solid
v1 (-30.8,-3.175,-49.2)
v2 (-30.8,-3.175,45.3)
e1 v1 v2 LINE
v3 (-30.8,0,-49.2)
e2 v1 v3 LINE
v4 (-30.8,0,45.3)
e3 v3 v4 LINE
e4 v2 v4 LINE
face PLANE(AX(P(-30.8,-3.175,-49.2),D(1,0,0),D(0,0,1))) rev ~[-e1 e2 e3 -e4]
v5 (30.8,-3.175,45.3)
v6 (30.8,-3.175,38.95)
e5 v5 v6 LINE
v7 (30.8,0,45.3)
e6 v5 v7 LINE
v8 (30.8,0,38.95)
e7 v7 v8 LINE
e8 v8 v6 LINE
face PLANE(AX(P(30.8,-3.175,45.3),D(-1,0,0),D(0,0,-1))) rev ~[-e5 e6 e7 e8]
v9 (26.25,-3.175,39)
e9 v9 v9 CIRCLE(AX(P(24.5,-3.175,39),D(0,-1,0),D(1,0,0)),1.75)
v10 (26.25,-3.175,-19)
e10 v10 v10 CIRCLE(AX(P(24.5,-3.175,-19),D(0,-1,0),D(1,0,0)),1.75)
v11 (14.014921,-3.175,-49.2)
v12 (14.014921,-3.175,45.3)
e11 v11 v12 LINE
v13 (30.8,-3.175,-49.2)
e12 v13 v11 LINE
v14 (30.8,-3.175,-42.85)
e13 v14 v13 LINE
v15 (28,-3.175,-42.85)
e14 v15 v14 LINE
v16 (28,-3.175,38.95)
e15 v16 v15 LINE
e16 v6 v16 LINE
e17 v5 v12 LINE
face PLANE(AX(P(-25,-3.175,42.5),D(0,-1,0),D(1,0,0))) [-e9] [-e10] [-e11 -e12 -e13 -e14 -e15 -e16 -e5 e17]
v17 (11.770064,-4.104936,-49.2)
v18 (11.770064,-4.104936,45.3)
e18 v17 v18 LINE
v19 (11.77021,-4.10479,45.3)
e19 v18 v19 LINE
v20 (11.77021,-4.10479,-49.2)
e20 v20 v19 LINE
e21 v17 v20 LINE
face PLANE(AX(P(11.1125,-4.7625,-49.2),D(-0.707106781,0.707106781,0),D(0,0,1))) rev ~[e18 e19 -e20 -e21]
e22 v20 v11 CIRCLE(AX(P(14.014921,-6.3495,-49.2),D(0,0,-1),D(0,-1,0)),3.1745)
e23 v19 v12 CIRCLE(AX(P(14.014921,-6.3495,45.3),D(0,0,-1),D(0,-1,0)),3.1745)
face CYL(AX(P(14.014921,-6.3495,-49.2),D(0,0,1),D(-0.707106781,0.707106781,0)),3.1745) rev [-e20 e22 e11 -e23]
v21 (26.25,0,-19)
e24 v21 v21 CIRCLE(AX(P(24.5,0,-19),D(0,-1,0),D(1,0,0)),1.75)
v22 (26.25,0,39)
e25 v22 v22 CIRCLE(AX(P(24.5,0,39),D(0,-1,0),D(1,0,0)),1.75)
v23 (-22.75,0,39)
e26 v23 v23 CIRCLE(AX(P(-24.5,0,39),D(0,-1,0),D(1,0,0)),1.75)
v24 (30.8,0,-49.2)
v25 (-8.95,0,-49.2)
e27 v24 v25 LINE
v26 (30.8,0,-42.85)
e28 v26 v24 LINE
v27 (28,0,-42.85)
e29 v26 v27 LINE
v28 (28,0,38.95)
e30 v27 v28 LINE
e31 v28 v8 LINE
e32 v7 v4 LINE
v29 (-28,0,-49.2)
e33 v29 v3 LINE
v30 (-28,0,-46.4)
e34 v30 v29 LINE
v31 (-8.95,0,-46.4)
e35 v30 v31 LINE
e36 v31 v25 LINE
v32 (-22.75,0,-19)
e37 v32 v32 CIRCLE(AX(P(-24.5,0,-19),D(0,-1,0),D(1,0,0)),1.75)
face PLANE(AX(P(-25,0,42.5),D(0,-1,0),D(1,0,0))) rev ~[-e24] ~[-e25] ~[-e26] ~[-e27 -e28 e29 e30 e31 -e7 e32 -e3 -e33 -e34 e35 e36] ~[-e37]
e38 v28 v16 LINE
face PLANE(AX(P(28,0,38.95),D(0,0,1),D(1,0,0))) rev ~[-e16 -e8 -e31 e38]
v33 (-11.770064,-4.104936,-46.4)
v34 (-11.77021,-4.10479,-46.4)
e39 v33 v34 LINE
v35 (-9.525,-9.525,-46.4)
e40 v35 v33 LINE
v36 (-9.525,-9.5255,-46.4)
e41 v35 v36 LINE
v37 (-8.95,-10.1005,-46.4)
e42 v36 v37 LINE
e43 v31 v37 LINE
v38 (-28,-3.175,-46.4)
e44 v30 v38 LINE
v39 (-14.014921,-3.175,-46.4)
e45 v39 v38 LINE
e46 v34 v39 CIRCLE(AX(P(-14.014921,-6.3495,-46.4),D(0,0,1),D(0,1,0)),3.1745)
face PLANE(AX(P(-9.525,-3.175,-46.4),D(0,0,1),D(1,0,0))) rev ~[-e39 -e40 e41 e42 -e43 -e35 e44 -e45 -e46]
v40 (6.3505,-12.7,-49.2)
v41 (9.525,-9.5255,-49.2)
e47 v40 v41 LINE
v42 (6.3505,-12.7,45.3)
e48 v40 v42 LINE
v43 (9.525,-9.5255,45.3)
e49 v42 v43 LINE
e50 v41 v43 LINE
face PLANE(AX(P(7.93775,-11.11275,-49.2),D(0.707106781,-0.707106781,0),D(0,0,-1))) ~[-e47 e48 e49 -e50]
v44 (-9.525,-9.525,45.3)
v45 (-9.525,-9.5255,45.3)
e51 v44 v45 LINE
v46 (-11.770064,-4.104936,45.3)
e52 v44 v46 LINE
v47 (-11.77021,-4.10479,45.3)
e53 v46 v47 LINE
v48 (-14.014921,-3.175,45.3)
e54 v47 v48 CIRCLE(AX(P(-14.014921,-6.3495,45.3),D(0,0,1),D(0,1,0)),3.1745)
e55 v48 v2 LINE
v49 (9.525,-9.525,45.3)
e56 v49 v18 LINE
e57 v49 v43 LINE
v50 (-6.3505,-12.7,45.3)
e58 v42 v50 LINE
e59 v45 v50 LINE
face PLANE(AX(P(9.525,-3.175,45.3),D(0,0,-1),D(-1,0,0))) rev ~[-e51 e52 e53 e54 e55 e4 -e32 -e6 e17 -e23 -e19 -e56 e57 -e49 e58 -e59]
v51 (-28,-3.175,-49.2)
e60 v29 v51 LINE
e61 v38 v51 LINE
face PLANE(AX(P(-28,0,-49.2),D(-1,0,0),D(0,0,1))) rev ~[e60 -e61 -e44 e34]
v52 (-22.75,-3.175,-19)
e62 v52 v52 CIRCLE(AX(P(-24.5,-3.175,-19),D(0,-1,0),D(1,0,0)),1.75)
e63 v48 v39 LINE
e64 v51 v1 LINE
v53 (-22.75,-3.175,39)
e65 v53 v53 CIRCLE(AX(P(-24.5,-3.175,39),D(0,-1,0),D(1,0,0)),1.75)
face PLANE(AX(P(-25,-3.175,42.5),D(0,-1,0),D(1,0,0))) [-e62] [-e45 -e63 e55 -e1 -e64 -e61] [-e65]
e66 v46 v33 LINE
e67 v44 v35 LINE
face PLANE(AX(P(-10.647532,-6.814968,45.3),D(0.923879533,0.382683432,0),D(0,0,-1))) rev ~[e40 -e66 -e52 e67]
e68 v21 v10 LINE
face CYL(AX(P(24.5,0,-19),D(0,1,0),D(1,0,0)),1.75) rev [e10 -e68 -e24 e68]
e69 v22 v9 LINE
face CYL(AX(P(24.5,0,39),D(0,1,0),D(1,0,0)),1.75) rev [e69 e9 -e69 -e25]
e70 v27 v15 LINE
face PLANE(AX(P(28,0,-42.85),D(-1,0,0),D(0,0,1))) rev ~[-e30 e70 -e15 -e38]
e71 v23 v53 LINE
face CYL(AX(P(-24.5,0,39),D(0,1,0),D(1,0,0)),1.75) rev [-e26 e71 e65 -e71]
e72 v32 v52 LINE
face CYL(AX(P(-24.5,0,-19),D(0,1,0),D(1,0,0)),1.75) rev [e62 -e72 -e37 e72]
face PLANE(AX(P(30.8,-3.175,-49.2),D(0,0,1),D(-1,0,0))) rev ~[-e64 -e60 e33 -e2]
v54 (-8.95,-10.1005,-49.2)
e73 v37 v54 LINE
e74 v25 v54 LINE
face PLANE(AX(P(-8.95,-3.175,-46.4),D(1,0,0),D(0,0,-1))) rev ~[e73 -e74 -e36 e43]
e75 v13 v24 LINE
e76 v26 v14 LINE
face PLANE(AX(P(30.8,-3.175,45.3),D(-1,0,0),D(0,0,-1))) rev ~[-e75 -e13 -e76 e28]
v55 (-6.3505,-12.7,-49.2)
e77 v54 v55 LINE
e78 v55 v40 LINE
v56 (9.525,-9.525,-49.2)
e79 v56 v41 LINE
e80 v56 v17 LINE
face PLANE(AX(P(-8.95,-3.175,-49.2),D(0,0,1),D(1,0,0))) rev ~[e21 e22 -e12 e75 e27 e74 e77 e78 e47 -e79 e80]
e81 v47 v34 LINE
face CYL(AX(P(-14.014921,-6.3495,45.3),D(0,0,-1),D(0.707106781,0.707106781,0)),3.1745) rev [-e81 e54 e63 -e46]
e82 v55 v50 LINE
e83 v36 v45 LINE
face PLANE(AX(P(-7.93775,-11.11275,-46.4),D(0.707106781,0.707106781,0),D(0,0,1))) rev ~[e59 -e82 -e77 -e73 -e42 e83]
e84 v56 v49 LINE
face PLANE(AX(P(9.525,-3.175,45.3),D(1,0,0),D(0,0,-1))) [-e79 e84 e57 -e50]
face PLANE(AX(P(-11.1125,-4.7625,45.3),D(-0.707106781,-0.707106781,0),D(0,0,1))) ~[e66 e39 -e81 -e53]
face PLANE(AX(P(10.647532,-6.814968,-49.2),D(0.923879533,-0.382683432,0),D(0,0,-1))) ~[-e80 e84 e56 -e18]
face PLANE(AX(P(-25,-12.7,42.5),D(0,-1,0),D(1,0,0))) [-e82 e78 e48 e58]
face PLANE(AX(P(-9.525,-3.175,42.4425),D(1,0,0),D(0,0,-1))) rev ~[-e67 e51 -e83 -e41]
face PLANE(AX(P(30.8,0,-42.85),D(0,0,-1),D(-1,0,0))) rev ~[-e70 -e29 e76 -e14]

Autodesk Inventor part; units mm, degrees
ref_plane "YZ Plane" through (0, 0, 0) normal (1, 0, 0) x (0, 1, 0)
ref_plane "XZ Plane" through (0, 0, 0) normal (0, 1, 0) x (-1, 0, 0)
ref_plane "Work Plane3" through (-25, 0, 42.5) normal (0, -1, 0) x (1, 0, 0)
sketch "Sketch1" plane through (-25, 0, 42.5) normal (0, -1, 0) x (1, 0, 0)
  line L0 (28.4781, -19.558) -> (28.4781, -33.5534) projected
  arc A0 (53, -3) -> (50, 0) centre (50, -3) ccw projected
  line L1 (0, 0) -> (50, 0) projected
  arc A1 (0, 0) -> (-3, -3) centre (0, -3) ccw projected
  line L2 (-3, -82) -> (-3, -3) projected
  arc A2 (-3, -82) -> (0, -85) centre (0, -82) ccw projected
  line L3 (50, -85) -> (0, -85) projected
  arc A3 (50, -85) -> (53, -82) centre (50, -82) ccw projected
  line L4 (53, -3) -> (53, -82) projected
  circle A4 centre (49.5, -61.5) radius 1.75 projected
  circle A5 centre (0.5, -61.5) radius 1.75 projected
  circle A6 centre (0.5, -3.5) radius 1.75 projected
  circle A7 centre (49.5, -3.5) radius 1.75 projected
  line L5 (-3, 0) -> (53, 0)
  line L6 (53, 0) -> (53, -88.9)
  line L7 (53, -88.9) -> (-3, -88.9)
  line L8 (-3, -88.9) -> (-3, 0)
  point P0 (25, -42.5)
  dimension "d0" = 88.9
extrude "Extrusion1" add sketch "Sketch1" along normal blind 3.175
sketch "Sketch2" plane through (-25, -3.175, 42.5) normal (0, -1, 0) x (1, 0, 0)
  circle A0 centre (49.5, -3.5) radius 1.75 projected
  circle A1 centre (0.5, -3.5) radius 1.75 projected
  circle A2 centre (0.5, -61.5) radius 1.75 projected
  circle A3 centre (49.5, -61.5) radius 1.75 projected
  line L0 (53, 0) -> (-3, 0) projected
  line L1 (-3, 0) -> (-3, -88.9) projected
  line L2 (-3, -88.9) -> (53, -88.9) projected
  line L3 (53, -88.9) -> (53, 0) projected
  line L4 (-3, -88.9) -> (53, -88.9) projected
  line L5 (55.8, 2.8) -> (55.8, -91.7)
  line L6 (-5.8, -91.7) -> (-5.8, 2.8)
  line L7 (53, 0) -> (55.8, 2.8)
  line L8 (53, 0) -> (58.3967, 0) construction
  line L9 (55.8, 2.8) -> (-5.8, 2.8)
  line L10 (53, -88.9) -> (61.5609, -88.9) construction
  line L11 (55.8, -91.7) -> (-5.8, -91.7)
  point P0 (25, -42.5)
  dimension "d3" = 45
extrude "Extrusion2" add sketch "Sketch2" against normal blind 3.175 contours L5 L11 L6 L9
sketch "Sketch3" plane through (-25, 0, 42.5) normal (0, 1, 0) x (1, 0, 0)
  line L0 (-5.8, -2.8) -> (55.8, -2.8) projected
  line L1 (55.8, -2.8) -> (55.8, 91.7) projected
  line L2 (55.8, 91.7) -> (-5.8, 91.7) projected
  line L3 (-5.8, 91.7) -> (-5.8, -2.8) projected
  line L4 (53, 3.55) -> (55.8, 3.55)
  line L5 (55.8, 3.55) -> (55.8, 85.35)
  line L6 (55.8, 85.35) -> (53, 85.35)
  line L7 (53, 85.35) -> (53, 3.55)
  point P0 (25, 42.5)
  dimension "d7" = 6.35
  dimension "d20" = 6.35
extrude "Extrusion3" cut sketch "Sketch3" against normal blind 15.875 contours L4 L7 L6 L1
sketch "Sketch5" plane through (-25, 0, 42.5) normal (0, 1, 0) x (1, 0, 0)
  line L0 (-3, 88.9) -> (16.05, 88.9)
  line L1 (16.05, 88.9) -> (16.05, 91.7575)
  line L2 (16.05, 91.7575) -> (-3, 91.7575)
  line L3 (-3, 91.7575) -> (-3, 88.9)
  line L4 (55.8, 3.55) -> (53, 3.55) projected
  line L5 (53, 85.35) -> (55.8, 85.35) projected
  line L6 (55.8, 85.35) -> (55.8, 91.7) projected
  line L7 (55.8, 91.7) -> (-5.8, 91.7) projected
  line L8 (-5.8, 91.7) -> (-5.8, -2.8) projected
  line L9 (-5.8, -2.8) -> (55.8, -2.8) projected
  line L10 (55.8, -2.8) -> (55.8, 3.55) projected
  line L11 (53, 3.55) -> (53, 85.35) projected
  point P0 (25, 42.5)
  dimension "d15" = 19.05
  dimension "d16" = 2.8575
extrude "Extrusion5" cut sketch "Sketch5" against normal blind 15.875 contours L3 L7 L1 L0 | L3 L2 L1 L7
sketch "Sketch6" plane through (-25, -3.175, 42.5) normal (0, -1, 0) x (1, 0, 0)
  line L0 (16.05, -88.9) -> (16.05, -91.7) projected
  line L1 (16.05, -91.7) -> (55.8, -91.7) projected
  line L2 (55.8, -91.7) -> (55.8, -85.35) projected
  line L3 (55.8, -85.35) -> (53, -85.35) projected
  line L4 (53, -85.35) -> (53, -3.55) projected
  line L5 (53, -3.55) -> (55.8, -3.55) projected
  line L6 (55.8, -3.55) -> (55.8, 2.8) projected
  line L7 (55.8, 2.8) -> (-5.8, 2.8) projected
  line L8 (-5.8, 2.8) -> (-5.8, -91.7) projected
  line L9 (-5.8, -91.7) -> (-3, -91.7) projected
  line L10 (-3, -91.7) -> (-3, -88.9) projected
  line L11 (-3, -88.9) -> (16.05, -88.9) projected
  circle A0 centre (49.5, -61.5) radius 1.75 projected
  circle A1 centre (0.5, -61.5) radius 1.75 projected
  circle A2 centre (0.5, -3.5) radius 1.75 projected
  circle A3 centre (49.5, -3.5) radius 1.75 projected
  line L12 (34.525, 2.8) -> (34.525, -0.0575) projected
  line L13 (16.05, -88.9) -> (-3, -88.9) projected
  line L14 (16.05, -0.0575) -> (15.475, -0.0575)
  line L15 (15.475, -0.0575) -> (15.475, -88.9)
  line L16 (15.475, -88.9) -> (16.05, -88.9)
  line L17 (34.525, -88.9) -> (34.525, -0.0575)
  line L18 (16.05, -91.7) -> (55.8, -91.7) projected
  line L19 (16.05, -88.9) -> (16.05, -91.7)
  line L20 (16.05, -91.7) -> (34.525, -91.7)
  line L21 (34.525, -91.7) -> (34.525, -88.9)
  line L22 (15.475, -0.0575) -> (16.05, -0.0575)
  line L23 (34.525, -0.0575) -> (34.525, 2.8)
  line L24 (34.525, 2.8) -> (15.475, 2.8)
  line L25 (15.475, 2.8) -> (15.475, -0.0575)
  point P0 (25, -42.5)
extrude "Extrusion6" add sketch "Sketch6" along normal blind 9.525 contours L11 L15 L25 L7 L12 L17 L21 L1 L0
chamfer "Chamfer1" distance 3.175 angle 45 2 edges at (-9.525, -3.175, -0.55) (9.525, -3.175, -1.95)
chamfer "Chamfer2" distance 3.175 angle 45 2 edges at (9.525, -6.35, -1.95) (-9.525, -6.35, -0.55)
chamfer "Chamfer3" distance 3.175 angle 45 2 edges at (9.525, -12.7, -1.95) (-9.525, -12.7, -0.55)
fillet "Fillet1" radius 3.175 2 edges at (-12.7, -3.175, -0.55) (12.7, -3.175, -1.95)
properties part number "Raspi3B+_Case"
